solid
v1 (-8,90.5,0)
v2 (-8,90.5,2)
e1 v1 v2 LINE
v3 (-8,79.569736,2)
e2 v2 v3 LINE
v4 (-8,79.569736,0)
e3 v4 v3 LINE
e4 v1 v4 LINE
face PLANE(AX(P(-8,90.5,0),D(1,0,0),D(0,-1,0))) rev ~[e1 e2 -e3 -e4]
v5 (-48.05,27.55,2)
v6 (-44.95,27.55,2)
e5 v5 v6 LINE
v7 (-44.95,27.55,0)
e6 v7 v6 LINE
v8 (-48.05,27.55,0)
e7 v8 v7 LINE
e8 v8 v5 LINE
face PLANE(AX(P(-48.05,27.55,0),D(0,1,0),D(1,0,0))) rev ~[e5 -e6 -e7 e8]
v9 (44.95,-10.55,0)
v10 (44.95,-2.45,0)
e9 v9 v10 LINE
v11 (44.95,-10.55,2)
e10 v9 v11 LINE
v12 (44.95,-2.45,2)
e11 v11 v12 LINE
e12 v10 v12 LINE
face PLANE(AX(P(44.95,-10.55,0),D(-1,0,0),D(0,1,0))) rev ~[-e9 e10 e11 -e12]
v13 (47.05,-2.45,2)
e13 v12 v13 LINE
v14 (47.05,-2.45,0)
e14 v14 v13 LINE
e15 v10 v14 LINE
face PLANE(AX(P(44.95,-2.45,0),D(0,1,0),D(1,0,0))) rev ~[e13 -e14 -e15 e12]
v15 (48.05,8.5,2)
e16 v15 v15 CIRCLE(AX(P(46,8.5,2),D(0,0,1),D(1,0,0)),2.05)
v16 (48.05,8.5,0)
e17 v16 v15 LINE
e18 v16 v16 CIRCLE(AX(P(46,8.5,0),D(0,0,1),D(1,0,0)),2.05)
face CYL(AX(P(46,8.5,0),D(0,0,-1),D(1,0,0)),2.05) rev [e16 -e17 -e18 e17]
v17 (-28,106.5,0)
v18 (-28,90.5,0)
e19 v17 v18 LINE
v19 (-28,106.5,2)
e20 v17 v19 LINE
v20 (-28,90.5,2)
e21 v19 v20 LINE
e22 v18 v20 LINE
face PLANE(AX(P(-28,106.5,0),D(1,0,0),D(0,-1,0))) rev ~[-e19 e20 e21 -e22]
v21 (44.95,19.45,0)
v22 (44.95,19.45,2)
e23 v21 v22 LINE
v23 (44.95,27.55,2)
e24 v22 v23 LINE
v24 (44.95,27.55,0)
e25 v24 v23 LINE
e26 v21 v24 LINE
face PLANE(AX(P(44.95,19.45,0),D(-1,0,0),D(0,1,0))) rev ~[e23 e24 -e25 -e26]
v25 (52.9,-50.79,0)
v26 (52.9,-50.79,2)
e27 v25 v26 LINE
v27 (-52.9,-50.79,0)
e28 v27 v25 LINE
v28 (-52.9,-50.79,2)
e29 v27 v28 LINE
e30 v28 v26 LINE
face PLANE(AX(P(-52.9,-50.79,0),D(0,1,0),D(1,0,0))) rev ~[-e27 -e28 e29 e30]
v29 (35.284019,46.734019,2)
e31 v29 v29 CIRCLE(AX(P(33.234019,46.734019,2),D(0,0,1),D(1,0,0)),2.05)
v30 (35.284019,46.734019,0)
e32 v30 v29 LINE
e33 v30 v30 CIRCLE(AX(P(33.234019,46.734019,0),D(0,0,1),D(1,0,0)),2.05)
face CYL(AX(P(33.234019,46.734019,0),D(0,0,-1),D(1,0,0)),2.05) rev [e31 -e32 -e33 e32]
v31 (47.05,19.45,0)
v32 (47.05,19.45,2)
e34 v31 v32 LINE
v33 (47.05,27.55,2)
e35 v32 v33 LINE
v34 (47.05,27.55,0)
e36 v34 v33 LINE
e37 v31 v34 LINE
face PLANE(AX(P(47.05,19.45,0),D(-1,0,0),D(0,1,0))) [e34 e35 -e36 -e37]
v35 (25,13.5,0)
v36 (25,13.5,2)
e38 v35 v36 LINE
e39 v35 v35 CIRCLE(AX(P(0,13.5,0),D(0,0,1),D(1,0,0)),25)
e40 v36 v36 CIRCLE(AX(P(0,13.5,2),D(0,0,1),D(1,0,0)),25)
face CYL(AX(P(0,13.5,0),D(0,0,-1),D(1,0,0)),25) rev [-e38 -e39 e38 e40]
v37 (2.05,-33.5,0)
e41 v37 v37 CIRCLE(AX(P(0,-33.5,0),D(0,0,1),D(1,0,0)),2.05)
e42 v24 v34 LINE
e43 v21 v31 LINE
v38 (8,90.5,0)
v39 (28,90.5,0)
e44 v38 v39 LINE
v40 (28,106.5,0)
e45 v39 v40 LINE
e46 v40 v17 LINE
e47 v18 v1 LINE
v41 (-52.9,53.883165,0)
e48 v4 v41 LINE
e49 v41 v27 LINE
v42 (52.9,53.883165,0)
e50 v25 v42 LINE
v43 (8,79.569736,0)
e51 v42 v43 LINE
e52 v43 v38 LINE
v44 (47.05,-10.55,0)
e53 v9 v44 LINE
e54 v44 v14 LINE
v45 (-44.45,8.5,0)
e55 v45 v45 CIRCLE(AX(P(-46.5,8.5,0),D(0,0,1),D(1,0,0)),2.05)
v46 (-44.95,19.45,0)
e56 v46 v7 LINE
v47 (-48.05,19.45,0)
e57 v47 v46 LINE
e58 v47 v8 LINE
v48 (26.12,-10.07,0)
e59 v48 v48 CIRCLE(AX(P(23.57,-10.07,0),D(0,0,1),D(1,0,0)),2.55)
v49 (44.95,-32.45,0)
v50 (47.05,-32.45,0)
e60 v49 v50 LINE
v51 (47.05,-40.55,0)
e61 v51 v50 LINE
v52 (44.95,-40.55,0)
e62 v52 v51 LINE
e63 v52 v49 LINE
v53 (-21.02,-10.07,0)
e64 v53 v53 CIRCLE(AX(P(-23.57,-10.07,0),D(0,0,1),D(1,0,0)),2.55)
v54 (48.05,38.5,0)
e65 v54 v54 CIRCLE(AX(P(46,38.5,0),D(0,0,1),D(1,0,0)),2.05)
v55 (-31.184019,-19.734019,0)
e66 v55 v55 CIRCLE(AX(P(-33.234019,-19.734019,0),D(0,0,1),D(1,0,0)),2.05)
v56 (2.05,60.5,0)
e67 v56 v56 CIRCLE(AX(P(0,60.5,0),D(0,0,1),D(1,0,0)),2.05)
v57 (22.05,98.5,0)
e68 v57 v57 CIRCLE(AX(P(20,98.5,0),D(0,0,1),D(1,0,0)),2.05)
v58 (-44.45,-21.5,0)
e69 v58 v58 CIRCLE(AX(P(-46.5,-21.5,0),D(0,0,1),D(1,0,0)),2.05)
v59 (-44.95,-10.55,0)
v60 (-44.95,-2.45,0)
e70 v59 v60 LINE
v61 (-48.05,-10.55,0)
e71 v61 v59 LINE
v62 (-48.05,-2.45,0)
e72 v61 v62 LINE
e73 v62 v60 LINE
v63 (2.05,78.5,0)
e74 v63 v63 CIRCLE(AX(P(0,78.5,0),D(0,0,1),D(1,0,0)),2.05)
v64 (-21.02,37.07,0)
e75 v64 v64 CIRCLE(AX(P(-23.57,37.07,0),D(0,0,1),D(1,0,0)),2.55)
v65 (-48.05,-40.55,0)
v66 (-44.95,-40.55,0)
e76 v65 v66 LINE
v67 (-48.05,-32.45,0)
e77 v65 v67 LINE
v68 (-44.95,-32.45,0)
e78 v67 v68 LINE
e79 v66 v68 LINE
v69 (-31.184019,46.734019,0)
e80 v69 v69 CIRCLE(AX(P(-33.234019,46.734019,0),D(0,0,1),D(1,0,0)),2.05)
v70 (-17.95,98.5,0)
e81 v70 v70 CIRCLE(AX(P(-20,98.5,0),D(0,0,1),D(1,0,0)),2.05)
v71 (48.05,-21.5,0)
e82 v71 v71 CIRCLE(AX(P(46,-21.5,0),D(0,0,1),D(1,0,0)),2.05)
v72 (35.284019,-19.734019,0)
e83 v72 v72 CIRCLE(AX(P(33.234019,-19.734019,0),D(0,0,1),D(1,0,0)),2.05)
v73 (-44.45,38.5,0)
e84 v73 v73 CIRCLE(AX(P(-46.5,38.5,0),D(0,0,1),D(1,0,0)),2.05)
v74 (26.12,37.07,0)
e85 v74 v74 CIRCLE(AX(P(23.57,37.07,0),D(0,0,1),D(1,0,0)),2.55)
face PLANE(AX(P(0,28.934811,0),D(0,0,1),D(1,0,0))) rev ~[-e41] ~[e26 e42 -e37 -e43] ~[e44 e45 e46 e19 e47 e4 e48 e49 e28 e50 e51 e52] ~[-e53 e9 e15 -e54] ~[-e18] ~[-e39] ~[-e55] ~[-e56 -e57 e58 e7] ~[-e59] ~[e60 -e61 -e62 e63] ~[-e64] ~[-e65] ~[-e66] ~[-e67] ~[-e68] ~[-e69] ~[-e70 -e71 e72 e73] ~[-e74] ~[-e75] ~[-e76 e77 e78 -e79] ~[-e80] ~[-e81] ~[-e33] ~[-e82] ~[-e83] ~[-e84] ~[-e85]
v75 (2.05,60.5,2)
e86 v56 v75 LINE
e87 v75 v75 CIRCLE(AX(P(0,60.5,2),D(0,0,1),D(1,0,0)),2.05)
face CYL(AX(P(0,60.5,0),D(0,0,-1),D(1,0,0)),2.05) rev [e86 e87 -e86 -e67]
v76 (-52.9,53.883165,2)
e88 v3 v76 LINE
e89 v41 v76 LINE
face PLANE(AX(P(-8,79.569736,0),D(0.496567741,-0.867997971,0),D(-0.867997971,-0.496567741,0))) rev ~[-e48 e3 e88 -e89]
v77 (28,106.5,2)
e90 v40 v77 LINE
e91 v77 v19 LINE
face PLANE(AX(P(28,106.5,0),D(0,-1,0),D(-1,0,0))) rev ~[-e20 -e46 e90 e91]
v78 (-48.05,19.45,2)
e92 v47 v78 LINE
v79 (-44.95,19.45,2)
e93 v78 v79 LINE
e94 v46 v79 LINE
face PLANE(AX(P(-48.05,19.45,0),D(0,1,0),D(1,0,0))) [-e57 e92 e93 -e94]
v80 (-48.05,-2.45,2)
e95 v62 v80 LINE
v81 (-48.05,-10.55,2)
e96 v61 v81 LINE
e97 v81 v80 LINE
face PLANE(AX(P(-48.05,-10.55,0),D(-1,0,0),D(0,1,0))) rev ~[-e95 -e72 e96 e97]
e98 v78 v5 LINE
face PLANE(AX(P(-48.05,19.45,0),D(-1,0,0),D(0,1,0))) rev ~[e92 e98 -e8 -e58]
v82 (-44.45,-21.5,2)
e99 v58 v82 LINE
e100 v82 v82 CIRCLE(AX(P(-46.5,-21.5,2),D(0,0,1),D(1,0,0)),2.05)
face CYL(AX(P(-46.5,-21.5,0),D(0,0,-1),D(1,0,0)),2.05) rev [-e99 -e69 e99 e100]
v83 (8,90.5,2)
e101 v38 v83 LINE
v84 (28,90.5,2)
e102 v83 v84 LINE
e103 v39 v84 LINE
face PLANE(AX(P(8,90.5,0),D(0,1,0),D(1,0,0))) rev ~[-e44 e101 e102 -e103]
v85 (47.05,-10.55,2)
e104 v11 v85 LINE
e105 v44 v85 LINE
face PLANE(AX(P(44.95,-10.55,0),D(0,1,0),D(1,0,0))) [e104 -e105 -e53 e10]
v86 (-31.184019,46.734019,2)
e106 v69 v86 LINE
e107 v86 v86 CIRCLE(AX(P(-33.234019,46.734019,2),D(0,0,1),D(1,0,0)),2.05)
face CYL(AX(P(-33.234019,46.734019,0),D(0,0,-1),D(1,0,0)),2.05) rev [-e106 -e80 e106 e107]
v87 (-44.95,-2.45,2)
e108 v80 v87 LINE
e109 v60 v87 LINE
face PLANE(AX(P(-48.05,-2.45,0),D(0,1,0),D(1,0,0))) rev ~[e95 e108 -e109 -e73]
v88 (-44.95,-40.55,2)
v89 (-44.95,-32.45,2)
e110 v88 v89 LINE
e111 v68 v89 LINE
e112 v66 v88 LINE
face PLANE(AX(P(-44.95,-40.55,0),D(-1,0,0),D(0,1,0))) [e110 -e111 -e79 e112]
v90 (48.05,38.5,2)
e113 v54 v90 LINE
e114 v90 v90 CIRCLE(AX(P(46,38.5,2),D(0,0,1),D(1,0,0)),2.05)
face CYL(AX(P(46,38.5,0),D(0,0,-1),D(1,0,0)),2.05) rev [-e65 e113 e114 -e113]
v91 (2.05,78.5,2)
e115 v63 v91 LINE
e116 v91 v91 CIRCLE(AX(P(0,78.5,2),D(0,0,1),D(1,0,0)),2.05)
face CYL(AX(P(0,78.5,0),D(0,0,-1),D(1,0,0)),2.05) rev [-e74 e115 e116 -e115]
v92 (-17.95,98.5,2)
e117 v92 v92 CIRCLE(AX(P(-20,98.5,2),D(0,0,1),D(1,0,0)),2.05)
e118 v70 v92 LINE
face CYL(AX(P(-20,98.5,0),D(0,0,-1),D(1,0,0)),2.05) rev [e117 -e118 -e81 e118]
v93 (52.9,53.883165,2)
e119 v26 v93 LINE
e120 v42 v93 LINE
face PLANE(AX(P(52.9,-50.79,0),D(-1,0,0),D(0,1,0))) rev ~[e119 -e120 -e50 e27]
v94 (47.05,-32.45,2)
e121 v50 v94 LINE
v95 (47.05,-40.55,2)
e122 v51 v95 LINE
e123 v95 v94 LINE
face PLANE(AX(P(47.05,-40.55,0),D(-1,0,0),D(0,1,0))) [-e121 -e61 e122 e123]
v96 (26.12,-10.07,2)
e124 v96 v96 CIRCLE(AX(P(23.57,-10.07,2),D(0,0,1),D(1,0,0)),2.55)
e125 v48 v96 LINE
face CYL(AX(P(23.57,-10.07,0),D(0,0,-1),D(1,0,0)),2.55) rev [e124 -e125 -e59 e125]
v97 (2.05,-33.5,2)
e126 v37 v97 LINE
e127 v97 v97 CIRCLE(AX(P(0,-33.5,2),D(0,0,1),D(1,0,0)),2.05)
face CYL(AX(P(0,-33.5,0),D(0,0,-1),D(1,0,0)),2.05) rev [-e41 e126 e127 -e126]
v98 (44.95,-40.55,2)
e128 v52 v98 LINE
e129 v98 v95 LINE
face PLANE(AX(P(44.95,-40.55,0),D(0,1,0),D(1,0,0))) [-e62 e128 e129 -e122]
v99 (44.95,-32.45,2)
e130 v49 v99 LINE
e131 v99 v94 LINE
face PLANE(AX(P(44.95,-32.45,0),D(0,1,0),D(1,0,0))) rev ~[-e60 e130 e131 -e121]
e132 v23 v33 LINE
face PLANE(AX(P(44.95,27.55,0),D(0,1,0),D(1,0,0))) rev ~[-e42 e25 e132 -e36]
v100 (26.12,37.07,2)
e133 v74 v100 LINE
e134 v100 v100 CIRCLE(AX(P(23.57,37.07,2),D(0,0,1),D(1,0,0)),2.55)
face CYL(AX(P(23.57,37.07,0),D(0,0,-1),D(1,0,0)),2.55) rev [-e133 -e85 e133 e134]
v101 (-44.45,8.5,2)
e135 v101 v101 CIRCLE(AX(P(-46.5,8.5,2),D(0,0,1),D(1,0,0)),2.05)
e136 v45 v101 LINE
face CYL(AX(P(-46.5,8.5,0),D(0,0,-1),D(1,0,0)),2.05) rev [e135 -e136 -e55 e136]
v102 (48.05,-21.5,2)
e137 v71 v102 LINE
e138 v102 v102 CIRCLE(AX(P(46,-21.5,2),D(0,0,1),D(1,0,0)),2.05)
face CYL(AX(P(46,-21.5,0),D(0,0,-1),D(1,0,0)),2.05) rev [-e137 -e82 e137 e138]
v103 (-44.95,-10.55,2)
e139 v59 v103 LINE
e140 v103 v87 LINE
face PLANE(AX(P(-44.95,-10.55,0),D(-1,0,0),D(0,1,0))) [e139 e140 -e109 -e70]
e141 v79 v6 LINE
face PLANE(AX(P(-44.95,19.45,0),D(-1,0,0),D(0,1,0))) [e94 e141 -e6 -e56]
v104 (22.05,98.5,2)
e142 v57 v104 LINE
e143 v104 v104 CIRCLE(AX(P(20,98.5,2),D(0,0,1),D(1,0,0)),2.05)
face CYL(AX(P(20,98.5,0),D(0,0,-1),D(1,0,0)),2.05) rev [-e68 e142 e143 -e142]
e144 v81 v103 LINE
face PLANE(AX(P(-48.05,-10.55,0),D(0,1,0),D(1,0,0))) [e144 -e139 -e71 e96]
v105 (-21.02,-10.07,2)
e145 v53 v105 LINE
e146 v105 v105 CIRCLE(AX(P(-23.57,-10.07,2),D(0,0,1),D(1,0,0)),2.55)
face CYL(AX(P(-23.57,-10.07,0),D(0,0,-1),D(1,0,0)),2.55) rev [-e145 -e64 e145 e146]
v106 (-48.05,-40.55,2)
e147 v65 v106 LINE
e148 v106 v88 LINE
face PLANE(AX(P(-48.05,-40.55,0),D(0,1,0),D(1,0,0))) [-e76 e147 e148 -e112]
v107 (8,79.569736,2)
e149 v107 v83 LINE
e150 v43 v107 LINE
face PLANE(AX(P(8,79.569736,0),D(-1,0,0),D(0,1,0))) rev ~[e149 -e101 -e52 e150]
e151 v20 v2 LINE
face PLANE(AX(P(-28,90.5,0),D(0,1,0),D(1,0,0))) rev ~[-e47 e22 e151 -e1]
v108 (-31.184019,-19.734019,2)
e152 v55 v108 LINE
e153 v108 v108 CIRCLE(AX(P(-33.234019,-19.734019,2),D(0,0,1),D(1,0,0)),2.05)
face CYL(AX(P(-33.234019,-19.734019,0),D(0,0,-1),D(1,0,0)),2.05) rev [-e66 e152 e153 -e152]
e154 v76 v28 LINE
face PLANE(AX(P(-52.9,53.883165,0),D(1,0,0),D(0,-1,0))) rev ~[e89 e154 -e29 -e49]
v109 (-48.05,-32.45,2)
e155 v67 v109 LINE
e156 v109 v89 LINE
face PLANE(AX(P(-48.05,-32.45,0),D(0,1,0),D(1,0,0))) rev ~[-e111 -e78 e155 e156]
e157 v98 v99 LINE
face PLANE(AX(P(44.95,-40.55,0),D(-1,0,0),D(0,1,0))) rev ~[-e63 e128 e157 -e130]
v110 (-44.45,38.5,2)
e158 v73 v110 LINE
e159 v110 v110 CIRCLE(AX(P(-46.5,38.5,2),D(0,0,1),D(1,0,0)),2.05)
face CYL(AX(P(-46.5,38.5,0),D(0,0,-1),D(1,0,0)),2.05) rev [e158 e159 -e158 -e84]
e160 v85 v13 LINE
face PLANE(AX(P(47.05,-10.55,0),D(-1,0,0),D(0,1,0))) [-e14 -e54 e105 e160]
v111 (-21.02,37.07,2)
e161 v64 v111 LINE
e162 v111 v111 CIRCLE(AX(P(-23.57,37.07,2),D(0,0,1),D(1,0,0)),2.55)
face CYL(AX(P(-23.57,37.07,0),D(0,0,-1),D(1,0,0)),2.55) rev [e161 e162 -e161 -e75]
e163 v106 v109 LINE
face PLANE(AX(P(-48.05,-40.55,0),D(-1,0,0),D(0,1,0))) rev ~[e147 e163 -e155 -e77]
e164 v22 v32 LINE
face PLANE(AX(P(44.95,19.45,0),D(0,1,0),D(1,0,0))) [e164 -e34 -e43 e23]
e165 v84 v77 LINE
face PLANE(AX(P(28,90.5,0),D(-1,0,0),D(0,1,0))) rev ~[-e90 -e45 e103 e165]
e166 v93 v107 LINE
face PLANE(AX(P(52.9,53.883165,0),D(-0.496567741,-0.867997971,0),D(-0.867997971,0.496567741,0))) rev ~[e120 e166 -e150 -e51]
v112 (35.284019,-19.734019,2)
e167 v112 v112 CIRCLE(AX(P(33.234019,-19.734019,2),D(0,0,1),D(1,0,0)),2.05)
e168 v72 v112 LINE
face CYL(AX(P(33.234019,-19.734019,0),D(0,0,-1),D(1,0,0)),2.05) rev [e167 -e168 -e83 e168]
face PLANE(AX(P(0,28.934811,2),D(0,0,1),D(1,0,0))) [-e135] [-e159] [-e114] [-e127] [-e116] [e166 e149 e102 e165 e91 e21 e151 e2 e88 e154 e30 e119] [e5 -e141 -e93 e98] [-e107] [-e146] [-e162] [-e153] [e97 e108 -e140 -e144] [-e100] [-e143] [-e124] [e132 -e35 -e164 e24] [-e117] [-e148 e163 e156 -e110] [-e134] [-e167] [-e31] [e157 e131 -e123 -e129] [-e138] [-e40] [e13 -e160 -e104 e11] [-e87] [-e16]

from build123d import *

# Parameters (mm, degrees)
SKETCH_1_R      = 2.55
SKETCH_1_R_2    = 25
SKETCH_1_R_3    = 2.05
SKETCH_1_W      = 2.1
SKETCH_1_H      = 8.1
SKETCH_1_W_2    = 3.1
EXTRUDE_1_DEPTH = 2


with BuildPart() as part:
    # 草图1 → 凸台-拉伸1 (new body)
    with BuildSketch(Plane.XY):
        Polygon((-52.9, 53.883164809), (-52.9, -50.790000001), (52.9, -50.790000001), (52.9, 53.883164809), (8, 79.569735886), (8, 90.5), (28, 90.5), (28, 106.5), (-28, 106.5), (-28, 90.5), (-8, 90.5), (-8, 79.569735886), align=None)
        with Locations((-23.57, 37.07)):
            Circle(SKETCH_1_R, mode=Mode.SUBTRACT)
        with Locations((-23.57, -10.07)):
            Circle(SKETCH_1_R, mode=Mode.SUBTRACT)
        with Locations((23.57, -10.07)):
            Circle(SKETCH_1_R, mode=Mode.SUBTRACT)
        with Locations((23.57, 37.07)):
            Circle(SKETCH_1_R, mode=Mode.SUBTRACT)
        with Locations((0, 13.5)):
            Circle(SKETCH_1_R_2, mode=Mode.SUBTRACT)
        with Locations((0, 60.5)):
            Circle(SKETCH_1_R_3, mode=Mode.SUBTRACT)
        with Locations((33.234018716, 46.734018716)):
            Circle(SKETCH_1_R_3, mode=Mode.SUBTRACT)
        with Locations((33.234018716, -19.734018716)):
            Circle(SKETCH_1_R_3, mode=Mode.SUBTRACT)
        with Locations((0, -33.5)):
            Circle(SKETCH_1_R_3, mode=Mode.SUBTRACT)
        with Locations((-33.234018716, -19.734018716)):
            Circle(SKETCH_1_R_3, mode=Mode.SUBTRACT)
        with Locations((-33.234018716, 46.734018716)):
            Circle(SKETCH_1_R_3, mode=Mode.SUBTRACT)
        with Locations((0, 78.5)):
            Circle(SKETCH_1_R_3, mode=Mode.SUBTRACT)
        with Locations((-20, 98.5)):
            Circle(SKETCH_1_R_3, mode=Mode.SUBTRACT)
        with Locations((20, 98.5)):
            Circle(SKETCH_1_R_3, mode=Mode.SUBTRACT)
        with Locations((46, 8.5)):
            Circle(SKETCH_1_R_3, mode=Mode.SUBTRACT)
        with Locations((46, -21.5)):
            Circle(SKETCH_1_R_3, mode=Mode.SUBTRACT)
        with Locations((46, 38.5)):
            Circle(SKETCH_1_R_3, mode=Mode.SUBTRACT)
        with Locations((-46.5, -21.5)):
            Circle(SKETCH_1_R_3, mode=Mode.SUBTRACT)
        with Locations((-46.5, 8.5)):
            Circle(SKETCH_1_R_3, mode=Mode.SUBTRACT)
        with Locations((-46.5, 38.5)):
            Circle(SKETCH_1_R_3, mode=Mode.SUBTRACT)
        with Locations((46, 23.5)):
            Rectangle(SKETCH_1_W, SKETCH_1_H, mode=Mode.SUBTRACT)
        with Locations((46, -6.5)):
            Rectangle(SKETCH_1_W, SKETCH_1_H, mode=Mode.SUBTRACT)
        with Locations((46, -36.5)):
            Rectangle(SKETCH_1_W, SKETCH_1_H, mode=Mode.SUBTRACT)
        with Locations((-46.5, 23.5)):
            Rectangle(SKETCH_1_W_2, SKETCH_1_H, mode=Mode.SUBTRACT)
        with Locations((-46.5, -6.5)):
            Rectangle(SKETCH_1_W_2, SKETCH_1_H, mode=Mode.SUBTRACT)
        with Locations((-46.5, -36.5)):
            Rectangle(SKETCH_1_W_2, SKETCH_1_H, mode=Mode.SUBTRACT)
    extrude(amount=EXTRUDE_1_DEPTH)


solid = part.part
